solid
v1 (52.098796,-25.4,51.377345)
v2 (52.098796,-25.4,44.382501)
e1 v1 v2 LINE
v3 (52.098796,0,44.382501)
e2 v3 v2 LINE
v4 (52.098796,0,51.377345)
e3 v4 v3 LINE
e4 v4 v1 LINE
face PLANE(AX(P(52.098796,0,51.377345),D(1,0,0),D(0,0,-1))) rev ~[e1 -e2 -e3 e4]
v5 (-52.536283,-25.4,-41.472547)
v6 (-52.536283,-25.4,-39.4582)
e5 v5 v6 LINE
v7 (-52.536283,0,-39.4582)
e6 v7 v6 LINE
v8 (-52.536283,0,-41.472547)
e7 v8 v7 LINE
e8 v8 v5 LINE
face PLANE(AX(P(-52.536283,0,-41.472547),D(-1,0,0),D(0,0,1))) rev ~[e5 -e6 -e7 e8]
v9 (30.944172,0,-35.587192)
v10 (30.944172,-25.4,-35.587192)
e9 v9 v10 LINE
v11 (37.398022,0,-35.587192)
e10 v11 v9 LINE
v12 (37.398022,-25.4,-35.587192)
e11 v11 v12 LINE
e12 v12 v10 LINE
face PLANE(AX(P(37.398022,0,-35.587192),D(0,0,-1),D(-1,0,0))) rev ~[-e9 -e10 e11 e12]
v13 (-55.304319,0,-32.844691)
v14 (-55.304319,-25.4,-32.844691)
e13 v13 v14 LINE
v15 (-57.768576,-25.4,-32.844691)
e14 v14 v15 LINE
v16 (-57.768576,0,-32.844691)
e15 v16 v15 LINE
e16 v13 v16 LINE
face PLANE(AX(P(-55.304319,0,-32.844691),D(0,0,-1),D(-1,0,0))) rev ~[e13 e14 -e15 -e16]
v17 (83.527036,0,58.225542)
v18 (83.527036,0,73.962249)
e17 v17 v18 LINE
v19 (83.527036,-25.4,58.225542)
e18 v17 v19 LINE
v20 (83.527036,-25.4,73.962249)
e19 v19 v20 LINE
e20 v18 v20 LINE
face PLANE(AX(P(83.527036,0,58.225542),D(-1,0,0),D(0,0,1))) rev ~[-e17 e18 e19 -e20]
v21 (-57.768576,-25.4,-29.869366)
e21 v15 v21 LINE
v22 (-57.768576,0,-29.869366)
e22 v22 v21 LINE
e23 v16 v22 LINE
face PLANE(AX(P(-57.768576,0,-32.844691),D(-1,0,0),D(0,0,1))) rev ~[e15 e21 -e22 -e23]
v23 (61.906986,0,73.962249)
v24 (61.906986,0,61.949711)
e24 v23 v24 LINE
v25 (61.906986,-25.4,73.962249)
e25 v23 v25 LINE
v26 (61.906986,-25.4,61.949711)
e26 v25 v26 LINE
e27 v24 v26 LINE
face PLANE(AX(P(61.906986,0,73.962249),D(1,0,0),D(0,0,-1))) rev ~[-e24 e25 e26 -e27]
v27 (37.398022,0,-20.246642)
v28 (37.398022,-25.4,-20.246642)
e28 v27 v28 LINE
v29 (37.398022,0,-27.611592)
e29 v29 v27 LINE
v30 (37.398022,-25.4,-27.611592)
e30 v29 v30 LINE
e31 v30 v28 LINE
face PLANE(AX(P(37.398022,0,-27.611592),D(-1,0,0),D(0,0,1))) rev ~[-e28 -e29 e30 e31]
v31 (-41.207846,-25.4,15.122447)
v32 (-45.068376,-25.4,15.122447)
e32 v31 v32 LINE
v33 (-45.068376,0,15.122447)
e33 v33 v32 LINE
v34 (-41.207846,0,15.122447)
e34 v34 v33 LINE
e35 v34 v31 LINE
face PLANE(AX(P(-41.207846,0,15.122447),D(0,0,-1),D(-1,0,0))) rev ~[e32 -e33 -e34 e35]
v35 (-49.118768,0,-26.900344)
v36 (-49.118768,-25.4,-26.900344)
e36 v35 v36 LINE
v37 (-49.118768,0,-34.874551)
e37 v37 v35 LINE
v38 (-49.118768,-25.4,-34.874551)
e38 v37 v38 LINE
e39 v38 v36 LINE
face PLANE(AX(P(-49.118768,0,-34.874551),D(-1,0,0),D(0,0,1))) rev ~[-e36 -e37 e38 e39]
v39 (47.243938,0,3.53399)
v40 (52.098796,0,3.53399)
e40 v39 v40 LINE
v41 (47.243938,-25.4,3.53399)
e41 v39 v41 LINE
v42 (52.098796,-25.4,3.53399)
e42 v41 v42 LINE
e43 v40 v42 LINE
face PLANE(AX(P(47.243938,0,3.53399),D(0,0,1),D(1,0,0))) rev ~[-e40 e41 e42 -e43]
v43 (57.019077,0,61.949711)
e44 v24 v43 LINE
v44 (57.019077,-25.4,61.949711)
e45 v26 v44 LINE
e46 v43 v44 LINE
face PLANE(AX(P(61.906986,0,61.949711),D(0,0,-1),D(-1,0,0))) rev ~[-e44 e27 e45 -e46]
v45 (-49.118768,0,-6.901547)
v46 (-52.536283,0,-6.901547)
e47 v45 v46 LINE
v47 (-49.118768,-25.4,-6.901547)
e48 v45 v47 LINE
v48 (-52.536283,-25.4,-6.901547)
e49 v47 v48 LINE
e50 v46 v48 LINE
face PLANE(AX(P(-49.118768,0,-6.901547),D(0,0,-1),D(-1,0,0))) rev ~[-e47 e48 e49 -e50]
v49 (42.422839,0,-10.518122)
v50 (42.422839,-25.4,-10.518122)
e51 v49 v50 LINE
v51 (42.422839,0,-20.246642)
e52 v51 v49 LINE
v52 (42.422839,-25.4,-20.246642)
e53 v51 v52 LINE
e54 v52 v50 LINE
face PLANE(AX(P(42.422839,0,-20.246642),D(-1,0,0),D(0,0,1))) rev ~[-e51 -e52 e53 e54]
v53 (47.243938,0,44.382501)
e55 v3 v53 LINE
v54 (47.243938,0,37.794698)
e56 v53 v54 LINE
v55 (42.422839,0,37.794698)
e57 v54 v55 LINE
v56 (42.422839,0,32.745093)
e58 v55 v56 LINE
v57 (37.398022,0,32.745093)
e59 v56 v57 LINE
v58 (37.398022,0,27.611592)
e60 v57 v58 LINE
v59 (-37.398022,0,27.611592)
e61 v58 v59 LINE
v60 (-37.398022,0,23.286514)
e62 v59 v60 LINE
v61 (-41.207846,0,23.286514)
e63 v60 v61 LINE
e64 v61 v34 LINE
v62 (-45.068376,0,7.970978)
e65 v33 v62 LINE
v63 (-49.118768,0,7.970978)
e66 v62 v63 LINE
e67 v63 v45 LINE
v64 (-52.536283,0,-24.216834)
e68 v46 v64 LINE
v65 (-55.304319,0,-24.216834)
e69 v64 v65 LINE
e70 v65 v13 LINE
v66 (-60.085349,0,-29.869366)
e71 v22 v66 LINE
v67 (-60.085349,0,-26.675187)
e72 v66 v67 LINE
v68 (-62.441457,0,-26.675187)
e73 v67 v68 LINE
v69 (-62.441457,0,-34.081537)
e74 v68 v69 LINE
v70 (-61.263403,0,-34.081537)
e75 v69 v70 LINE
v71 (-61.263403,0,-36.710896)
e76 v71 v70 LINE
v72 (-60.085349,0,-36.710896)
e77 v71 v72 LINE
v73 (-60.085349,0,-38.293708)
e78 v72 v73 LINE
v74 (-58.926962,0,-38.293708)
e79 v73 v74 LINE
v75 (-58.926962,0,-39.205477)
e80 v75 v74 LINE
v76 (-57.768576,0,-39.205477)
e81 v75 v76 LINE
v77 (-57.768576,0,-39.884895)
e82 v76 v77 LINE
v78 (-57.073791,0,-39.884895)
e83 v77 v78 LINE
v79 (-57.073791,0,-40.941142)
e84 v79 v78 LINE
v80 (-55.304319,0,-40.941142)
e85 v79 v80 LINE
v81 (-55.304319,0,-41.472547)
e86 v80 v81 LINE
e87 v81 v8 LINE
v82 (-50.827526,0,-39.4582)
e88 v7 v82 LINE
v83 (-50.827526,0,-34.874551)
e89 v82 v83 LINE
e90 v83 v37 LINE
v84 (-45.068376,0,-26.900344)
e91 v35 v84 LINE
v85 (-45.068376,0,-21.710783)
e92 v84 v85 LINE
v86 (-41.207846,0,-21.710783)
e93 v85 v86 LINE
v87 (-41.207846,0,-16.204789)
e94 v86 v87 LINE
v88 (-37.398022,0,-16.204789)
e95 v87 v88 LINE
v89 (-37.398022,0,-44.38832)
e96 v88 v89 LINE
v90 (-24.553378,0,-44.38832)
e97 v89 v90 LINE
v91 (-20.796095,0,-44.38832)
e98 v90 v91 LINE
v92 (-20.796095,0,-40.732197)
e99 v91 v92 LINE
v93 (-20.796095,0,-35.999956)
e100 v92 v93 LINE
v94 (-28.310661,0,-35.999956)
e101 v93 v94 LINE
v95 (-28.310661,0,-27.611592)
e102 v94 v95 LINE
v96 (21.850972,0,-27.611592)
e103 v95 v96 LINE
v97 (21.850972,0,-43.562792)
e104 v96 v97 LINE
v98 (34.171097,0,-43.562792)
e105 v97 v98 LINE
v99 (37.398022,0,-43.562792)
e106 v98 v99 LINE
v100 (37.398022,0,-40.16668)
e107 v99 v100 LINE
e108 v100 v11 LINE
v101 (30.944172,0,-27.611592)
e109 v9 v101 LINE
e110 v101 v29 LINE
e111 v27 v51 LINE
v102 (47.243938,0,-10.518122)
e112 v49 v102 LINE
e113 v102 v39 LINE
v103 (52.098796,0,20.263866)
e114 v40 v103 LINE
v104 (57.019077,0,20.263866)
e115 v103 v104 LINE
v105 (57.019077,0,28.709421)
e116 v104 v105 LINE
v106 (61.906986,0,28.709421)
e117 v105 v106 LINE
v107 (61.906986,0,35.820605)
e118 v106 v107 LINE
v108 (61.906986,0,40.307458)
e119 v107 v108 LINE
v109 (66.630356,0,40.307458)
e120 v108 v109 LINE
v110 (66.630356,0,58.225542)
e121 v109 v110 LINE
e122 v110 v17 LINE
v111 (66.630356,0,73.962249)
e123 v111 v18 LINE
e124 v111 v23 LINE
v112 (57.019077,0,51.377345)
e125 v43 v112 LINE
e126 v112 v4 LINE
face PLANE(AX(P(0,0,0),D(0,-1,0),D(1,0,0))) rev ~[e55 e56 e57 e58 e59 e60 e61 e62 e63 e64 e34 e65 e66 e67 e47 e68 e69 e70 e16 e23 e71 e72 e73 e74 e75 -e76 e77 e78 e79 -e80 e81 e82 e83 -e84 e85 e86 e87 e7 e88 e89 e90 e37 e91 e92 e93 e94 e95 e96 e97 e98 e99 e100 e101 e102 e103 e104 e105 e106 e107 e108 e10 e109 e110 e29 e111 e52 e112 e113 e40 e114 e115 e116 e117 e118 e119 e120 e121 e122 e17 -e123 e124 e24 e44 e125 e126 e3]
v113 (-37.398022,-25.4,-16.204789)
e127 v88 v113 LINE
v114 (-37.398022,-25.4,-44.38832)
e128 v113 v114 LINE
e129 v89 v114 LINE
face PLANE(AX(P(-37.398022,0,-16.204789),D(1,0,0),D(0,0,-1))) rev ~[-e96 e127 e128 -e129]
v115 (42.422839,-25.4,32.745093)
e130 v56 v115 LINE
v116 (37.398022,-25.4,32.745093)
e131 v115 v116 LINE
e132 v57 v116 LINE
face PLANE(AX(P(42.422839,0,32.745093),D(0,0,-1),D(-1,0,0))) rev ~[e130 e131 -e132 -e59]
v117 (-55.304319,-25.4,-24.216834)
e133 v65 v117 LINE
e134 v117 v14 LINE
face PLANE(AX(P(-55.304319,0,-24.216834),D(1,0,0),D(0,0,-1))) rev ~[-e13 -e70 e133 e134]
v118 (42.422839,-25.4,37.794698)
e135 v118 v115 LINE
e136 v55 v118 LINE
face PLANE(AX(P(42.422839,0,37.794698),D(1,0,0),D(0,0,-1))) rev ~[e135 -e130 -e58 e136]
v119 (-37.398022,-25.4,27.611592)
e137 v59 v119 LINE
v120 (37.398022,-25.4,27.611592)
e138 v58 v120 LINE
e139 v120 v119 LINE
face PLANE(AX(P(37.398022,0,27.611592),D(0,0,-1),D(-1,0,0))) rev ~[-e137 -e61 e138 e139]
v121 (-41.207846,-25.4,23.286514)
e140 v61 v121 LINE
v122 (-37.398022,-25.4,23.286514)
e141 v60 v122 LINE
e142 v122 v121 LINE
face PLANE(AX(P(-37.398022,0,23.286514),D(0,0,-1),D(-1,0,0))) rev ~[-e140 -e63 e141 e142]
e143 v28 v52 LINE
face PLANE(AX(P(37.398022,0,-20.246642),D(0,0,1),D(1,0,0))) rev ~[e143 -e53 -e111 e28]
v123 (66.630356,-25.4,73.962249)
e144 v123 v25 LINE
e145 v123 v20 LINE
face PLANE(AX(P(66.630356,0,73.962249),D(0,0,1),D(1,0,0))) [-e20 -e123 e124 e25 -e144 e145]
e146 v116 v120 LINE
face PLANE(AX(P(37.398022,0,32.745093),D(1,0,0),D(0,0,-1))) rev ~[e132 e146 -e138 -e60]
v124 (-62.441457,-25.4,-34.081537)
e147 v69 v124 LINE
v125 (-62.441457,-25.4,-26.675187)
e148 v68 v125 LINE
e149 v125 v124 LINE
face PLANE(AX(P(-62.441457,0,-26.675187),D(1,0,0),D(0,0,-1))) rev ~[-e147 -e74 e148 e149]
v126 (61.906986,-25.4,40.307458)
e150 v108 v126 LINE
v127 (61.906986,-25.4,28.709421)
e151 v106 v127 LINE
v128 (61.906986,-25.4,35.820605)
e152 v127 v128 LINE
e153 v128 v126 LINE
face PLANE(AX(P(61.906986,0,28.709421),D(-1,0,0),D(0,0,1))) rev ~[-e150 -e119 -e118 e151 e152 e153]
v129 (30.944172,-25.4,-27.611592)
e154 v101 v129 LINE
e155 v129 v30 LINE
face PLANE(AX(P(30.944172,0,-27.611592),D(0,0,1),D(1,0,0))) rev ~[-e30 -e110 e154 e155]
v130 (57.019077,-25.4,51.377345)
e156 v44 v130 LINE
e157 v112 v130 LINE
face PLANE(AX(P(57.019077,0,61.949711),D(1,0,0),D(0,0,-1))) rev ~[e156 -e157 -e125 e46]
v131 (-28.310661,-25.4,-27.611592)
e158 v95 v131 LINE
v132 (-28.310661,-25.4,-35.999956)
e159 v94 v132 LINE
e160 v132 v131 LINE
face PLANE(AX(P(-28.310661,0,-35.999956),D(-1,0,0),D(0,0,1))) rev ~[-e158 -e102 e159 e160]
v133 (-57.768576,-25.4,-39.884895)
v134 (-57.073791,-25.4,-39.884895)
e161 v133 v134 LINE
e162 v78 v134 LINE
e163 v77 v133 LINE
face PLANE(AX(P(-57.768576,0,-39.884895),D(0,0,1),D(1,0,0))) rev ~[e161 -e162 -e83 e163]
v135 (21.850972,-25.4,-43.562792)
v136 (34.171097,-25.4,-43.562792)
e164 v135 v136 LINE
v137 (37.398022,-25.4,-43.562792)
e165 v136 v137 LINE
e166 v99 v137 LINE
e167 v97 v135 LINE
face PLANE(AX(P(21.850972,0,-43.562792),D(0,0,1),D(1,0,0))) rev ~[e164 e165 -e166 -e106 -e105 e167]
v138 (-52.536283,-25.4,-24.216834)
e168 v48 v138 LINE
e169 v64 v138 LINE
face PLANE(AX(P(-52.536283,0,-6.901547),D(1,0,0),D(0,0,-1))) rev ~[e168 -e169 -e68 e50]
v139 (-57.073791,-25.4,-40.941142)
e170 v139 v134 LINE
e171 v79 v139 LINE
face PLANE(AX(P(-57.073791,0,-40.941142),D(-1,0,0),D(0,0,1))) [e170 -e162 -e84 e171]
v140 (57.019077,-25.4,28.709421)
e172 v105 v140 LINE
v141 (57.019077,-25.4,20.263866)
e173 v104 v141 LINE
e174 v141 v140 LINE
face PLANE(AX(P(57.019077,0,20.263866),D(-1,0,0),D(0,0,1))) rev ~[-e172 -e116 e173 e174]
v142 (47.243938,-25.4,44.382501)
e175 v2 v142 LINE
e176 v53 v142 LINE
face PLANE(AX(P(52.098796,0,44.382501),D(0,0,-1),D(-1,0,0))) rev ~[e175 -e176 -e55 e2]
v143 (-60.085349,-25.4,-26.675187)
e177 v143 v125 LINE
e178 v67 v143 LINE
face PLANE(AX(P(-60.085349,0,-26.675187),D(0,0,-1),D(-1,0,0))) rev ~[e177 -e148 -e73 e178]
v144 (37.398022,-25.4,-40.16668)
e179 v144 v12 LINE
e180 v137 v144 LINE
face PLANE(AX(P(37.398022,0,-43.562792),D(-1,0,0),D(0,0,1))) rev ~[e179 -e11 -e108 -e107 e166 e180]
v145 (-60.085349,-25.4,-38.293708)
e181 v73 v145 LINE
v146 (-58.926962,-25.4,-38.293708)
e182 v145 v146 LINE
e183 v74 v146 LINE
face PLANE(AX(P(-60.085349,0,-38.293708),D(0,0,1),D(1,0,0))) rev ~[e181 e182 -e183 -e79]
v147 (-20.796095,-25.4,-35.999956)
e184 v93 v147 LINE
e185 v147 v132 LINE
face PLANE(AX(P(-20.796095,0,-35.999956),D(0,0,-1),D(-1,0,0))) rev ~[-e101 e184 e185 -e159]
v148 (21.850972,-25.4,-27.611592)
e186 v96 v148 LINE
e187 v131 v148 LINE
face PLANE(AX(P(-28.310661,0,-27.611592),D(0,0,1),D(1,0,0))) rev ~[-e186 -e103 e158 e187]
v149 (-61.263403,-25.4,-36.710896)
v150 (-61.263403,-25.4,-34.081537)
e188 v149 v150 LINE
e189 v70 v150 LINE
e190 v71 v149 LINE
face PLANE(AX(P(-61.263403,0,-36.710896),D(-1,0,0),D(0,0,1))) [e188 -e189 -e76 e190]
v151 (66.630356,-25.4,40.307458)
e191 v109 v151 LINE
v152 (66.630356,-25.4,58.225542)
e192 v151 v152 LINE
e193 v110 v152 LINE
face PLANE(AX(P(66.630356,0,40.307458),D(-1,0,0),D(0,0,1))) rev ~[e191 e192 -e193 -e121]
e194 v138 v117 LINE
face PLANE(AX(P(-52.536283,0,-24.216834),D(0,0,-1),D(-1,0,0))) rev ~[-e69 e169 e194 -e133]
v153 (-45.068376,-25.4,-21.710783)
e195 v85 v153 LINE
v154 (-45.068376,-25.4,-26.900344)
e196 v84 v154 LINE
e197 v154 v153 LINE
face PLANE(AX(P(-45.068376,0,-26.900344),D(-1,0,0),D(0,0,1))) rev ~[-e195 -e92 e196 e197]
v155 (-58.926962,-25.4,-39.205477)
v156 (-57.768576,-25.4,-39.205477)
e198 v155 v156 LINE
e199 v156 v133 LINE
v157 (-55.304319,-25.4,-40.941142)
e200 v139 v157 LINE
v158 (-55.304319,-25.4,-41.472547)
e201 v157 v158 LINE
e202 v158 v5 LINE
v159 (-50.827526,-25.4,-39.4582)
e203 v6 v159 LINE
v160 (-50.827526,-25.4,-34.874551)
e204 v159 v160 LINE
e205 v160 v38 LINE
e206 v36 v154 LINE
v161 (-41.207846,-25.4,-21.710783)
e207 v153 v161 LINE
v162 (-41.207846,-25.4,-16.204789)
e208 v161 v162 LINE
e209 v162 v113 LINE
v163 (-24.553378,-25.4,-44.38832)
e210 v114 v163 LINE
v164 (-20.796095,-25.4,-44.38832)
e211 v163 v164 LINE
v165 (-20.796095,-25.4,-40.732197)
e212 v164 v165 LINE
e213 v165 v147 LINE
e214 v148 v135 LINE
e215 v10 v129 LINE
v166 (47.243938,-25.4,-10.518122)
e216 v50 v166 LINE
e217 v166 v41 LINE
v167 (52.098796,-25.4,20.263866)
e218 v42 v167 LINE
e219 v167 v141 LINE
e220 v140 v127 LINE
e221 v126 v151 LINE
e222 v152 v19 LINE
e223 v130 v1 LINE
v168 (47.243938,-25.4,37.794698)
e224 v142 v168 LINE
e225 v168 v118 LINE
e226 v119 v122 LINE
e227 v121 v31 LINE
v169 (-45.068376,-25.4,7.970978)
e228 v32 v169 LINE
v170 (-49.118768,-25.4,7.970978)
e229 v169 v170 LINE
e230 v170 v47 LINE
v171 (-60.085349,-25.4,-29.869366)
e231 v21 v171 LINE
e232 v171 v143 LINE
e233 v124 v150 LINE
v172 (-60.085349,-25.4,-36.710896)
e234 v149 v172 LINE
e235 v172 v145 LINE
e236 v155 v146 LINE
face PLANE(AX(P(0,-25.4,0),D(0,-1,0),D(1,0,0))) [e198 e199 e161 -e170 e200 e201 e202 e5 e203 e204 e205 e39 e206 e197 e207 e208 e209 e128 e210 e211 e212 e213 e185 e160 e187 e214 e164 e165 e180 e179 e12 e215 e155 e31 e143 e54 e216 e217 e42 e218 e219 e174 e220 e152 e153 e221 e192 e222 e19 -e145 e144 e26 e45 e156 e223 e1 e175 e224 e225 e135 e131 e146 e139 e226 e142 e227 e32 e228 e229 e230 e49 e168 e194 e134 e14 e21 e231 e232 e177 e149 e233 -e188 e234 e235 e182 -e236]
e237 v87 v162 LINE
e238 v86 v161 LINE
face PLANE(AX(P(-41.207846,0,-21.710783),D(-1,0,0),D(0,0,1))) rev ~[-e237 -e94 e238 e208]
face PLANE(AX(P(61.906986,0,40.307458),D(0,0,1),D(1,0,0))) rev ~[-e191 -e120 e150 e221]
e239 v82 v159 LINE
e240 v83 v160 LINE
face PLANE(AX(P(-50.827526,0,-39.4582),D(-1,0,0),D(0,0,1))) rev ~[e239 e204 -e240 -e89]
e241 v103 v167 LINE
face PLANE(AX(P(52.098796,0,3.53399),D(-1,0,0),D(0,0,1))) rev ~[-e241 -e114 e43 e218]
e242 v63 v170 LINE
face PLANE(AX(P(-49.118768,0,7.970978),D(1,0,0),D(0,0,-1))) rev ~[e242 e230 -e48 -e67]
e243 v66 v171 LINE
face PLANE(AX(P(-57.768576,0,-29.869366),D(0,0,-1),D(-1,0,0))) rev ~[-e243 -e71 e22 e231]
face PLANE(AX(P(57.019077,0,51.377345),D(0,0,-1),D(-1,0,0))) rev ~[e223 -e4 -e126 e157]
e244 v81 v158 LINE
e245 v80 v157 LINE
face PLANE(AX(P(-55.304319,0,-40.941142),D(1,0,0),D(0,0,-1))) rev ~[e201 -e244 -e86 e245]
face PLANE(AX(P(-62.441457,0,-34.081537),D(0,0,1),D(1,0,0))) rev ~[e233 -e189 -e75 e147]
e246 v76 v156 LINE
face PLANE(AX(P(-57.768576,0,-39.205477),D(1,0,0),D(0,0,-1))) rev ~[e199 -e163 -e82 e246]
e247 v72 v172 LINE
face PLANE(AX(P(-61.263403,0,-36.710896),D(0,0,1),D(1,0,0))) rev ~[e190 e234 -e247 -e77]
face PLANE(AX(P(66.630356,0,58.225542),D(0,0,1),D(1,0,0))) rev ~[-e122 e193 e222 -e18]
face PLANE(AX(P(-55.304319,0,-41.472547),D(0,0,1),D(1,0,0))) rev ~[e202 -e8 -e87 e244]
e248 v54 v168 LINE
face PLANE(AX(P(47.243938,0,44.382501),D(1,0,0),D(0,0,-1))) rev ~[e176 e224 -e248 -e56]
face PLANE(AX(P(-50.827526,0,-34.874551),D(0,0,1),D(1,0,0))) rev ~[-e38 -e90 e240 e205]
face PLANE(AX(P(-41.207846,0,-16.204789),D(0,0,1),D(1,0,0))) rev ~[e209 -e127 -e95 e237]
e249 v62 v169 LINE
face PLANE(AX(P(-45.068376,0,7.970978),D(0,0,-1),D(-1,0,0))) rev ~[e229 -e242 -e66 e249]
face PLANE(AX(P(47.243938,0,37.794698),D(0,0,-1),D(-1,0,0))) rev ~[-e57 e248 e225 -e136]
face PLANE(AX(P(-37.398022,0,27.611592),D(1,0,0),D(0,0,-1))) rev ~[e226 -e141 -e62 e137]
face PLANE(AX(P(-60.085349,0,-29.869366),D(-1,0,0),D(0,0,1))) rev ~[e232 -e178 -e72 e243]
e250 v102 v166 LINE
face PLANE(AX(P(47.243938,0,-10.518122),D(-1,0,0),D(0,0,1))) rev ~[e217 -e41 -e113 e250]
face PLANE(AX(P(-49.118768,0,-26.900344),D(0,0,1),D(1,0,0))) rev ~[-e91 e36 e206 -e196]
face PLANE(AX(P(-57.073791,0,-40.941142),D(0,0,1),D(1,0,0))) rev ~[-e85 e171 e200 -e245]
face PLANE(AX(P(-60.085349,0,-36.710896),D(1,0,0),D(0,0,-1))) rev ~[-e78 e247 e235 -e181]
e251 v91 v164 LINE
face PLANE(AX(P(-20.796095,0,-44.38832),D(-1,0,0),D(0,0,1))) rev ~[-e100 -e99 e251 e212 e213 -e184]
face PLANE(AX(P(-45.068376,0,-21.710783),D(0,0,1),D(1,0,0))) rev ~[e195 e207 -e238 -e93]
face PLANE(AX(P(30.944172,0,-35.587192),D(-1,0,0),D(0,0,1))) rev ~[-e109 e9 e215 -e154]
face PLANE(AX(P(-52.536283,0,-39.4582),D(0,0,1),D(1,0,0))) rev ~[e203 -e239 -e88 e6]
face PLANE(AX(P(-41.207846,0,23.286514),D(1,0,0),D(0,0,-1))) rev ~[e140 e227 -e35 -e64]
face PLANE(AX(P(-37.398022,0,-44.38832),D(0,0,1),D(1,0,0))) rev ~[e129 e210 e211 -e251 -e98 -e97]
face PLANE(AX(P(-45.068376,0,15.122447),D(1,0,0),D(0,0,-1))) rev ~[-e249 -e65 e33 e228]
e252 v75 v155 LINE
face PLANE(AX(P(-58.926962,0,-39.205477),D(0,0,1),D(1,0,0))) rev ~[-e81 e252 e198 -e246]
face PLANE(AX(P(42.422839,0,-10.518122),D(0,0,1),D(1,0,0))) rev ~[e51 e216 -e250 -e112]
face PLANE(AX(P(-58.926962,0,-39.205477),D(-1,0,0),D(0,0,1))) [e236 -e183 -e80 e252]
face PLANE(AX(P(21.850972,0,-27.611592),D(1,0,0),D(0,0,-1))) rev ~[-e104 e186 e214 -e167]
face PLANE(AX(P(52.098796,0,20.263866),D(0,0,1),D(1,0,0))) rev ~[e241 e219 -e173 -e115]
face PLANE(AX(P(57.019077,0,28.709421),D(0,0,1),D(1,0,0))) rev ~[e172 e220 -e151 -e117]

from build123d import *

# Parameters (mm, degrees)
F0_W     = 3.2269247949
F0_H     = 3.3961120509
F0_W_2   = 3.7572830241
F0_H_2   = 3.6561227749
F0_W_3   = 4.8879086971
F0_H_3   = 7.111184299
F0_W_4   = 1.7087571323
F0_H_4   = 4.5836493373
F0_W_5   = 16.8966799974
F0_H_5   = 15.7367065549
F0_W_6   = 1.7694719136
F0_H_6   = 1.0562464595
F0_W_7   = 1.1583864689
F0_H_7   = 0.9117685258
F0_W_8   = 1.178054139
F0_H_8   = 2.6293583214
F1_DEPTH = 25.4


with BuildPart() as f1:
    # F0 (on Front) → F1 (new body)
    with BuildSketch(Plane.XZ):
        Polygon((37.3980215415, -20.2466417104), (37.3980215415, 27.6115918206), (-37.3980215415, 27.6115918206), (-37.3980215415, 23.2865139842), (-37.3980215415, -16.2047892809), (-37.3980215415, -27.6115918206), (-28.3106606554, -27.6115918206), (21.8509719518, -27.6115918206), (30.9441719518, -27.6115918206), (37.3980215415, -27.6115918206), align=None)
        Polygon((37.3980215415, 32.7450931072), (37.3980215415, 27.6115918206), (37.3980215415, -20.2466417104), (42.4228385091, -20.2466417104), (42.4228385091, -10.5181215331), (42.4228385091, 32.7450931072), align=None)
        Polygon((-37.3980215415, -16.2047892809), (-37.3980215415, 23.2865139842), (-41.2078462541, 23.2865139842), (-41.2078462541, 15.1224471629), (-41.2078462541, -16.2047892809), align=None)
        Polygon((42.4228385091, 37.7946980298), (42.4228385091, 32.7450931072), (42.4228385091, -10.5181215331), (47.24393785, -10.5181215331), (47.24393785, 3.5339901224), (47.24393785, 37.7946980298), align=None)
        Polygon((30.9441719518, -35.5871918206), (30.9441719518, -27.6115918206), (21.8509719518, -27.6115918206), (21.8509719518, -35.5871918206), (21.8509719518, -43.5627918206), (30.9441719518, -43.5627918206), align=None)
        Polygon((-28.3106606554, -27.6115918206), (-37.3980215415, -27.6115918206), (-37.3980215415, -44.3883202384), (-28.3106606554, -44.3883202384), (-28.3106606554, -35.9999560295), align=None)
        Polygon((-41.2078462541, -21.7107832432), (-41.2078462541, -16.2047892809), (-41.2078462541, 15.1224471629), (-45.0683757663, 15.1224471629), (-45.0683757663, 7.9709775746), (-45.0683757663, -21.7107832432), align=None)
        Polygon((37.3980215415, -35.5871918206), (30.9441719518, -35.5871918206), (30.9441719518, -43.5627918206), (34.1710967466, -43.5627918206), (34.1710967466, -40.1666797698), (37.3980215415, -40.1666797698), align=None)
        Polygon((47.24393785, 44.3825013936), (47.24393785, 37.7946980298), (47.24393785, 3.5339901224), (52.0987957716, 3.5339901224), (52.0987957716, 20.2638655901), (52.0987957716, 44.3825013936), align=None)
        Polygon((-20.7960946072, -35.9999560295), (-28.3106606554, -35.9999560295), (-28.3106606554, -44.3883202384), (-24.5533776313, -44.3883202384), (-24.5533776313, -40.7321974635), (-20.7960946072, -40.7321974635), align=None)
        Polygon((-45.0683757663, -26.9003435969), (-45.0683757663, -21.7107832432), (-45.0683757663, 7.9709775746), (-49.1187684238, 7.9709775746), (-49.1187684238, -6.9015473127), (-49.1187684238, -26.9003435969), align=None)
        with Locations((35.7845591441, -41.8647357952)):
            Rectangle(F0_W, F0_H)
        Polygon((52.0987957716, 51.3773448765), (52.0987957716, 44.3825013936), (52.0987957716, 20.2638655901), (57.0190772414, 20.2638655901), (57.0190772414, 28.7094209343), (57.0190772414, 35.8206052333), (57.0190772414, 51.3773448765), align=None)
        with Locations((-22.6747361192, -42.5602588509)):
            Rectangle(F0_W_2, F0_H_2)
        Polygon((-49.1187684238, -34.8745509982), (-49.1187684238, -26.9003435969), (-49.1187684238, -6.9015473127), (-52.5362826884, -6.9015473127), (-52.5362826884, -24.2168344557), (-52.5362826884, -34.8745509982), (-50.8275255561, -34.8745509982), align=None)
        Polygon((57.0190772414, 61.949711293), (57.0190772414, 51.3773448765), (57.0190772414, 35.8206052333), (61.9069859385, 35.8206052333), (61.9069859385, 40.3074584901), (61.9069859385, 61.949711293), align=None)
        with Locations((59.46303159, 32.2650130838)):
            Rectangle(F0_W_3, F0_H_3)
        with Locations((-51.6819041222, -37.1663756669)):
            Rectangle(F0_W_4, F0_H_4)
        Polygon((-52.5362826884, -34.8745509982), (-52.5362826884, -24.2168344557), (-55.3043186665, -24.2168344557), (-55.3043186665, -32.844690606), (-55.3043186665, -39.8848950863), (-55.3043186665, -40.9411415458), (-55.3043186665, -41.4725467563), (-52.5362826884, -41.4725467563), (-52.5362826884, -39.4582003355), align=None)
        Polygon((61.9069859385, 73.9622488618), (61.9069859385, 61.949711293), (61.9069859385, 40.3074584901), (66.6303560138, 40.3074584901), (66.6303560138, 58.2255423069), (66.6303560138, 73.9622488618), align=None)
        Polygon((-55.3043186665, -39.8848950863), (-55.3043186665, -32.844690606), (-57.7685758471, -32.844690606), (-57.7685758471, -38.2937081158), (-57.7685758471, -39.2054766417), (-57.7685758471, -39.8848950863), (-57.07379058, -39.8848950863), align=None)
        with Locations((75.0786960125, 66.0938955843)):
            Rectangle(F0_W_5, F0_H_5)
        with Locations((-56.1890546232, -40.413018316)):
            Rectangle(F0_W_6, F0_H_6)
        Polygon((-57.7685758471, -38.2937081158), (-57.7685758471, -32.844690606), (-57.7685758471, -29.8693664372), (-60.0853487849, -29.8693664372), (-60.0853487849, -34.0815372765), (-60.0853487849, -36.7108955979), (-60.0853487849, -38.2937081158), (-58.926962316, -38.2937081158), align=None)
        with Locations((-58.3477690816, -38.7495923787)):
            Rectangle(F0_W_7, F0_H_7)
        Polygon((-60.0853487849, -34.0815372765), (-60.0853487849, -29.8693664372), (-60.0853487849, -26.6751870513), (-62.441457063, -26.6751870513), (-62.441457063, -34.0815372765), (-61.2634029239, -34.0815372765), align=None)
        with Locations((-60.6743758544, -35.3962164372)):
            Rectangle(F0_W_8, F0_H_8)
    extrude(amount=F1_DEPTH)


solid = f1.part
